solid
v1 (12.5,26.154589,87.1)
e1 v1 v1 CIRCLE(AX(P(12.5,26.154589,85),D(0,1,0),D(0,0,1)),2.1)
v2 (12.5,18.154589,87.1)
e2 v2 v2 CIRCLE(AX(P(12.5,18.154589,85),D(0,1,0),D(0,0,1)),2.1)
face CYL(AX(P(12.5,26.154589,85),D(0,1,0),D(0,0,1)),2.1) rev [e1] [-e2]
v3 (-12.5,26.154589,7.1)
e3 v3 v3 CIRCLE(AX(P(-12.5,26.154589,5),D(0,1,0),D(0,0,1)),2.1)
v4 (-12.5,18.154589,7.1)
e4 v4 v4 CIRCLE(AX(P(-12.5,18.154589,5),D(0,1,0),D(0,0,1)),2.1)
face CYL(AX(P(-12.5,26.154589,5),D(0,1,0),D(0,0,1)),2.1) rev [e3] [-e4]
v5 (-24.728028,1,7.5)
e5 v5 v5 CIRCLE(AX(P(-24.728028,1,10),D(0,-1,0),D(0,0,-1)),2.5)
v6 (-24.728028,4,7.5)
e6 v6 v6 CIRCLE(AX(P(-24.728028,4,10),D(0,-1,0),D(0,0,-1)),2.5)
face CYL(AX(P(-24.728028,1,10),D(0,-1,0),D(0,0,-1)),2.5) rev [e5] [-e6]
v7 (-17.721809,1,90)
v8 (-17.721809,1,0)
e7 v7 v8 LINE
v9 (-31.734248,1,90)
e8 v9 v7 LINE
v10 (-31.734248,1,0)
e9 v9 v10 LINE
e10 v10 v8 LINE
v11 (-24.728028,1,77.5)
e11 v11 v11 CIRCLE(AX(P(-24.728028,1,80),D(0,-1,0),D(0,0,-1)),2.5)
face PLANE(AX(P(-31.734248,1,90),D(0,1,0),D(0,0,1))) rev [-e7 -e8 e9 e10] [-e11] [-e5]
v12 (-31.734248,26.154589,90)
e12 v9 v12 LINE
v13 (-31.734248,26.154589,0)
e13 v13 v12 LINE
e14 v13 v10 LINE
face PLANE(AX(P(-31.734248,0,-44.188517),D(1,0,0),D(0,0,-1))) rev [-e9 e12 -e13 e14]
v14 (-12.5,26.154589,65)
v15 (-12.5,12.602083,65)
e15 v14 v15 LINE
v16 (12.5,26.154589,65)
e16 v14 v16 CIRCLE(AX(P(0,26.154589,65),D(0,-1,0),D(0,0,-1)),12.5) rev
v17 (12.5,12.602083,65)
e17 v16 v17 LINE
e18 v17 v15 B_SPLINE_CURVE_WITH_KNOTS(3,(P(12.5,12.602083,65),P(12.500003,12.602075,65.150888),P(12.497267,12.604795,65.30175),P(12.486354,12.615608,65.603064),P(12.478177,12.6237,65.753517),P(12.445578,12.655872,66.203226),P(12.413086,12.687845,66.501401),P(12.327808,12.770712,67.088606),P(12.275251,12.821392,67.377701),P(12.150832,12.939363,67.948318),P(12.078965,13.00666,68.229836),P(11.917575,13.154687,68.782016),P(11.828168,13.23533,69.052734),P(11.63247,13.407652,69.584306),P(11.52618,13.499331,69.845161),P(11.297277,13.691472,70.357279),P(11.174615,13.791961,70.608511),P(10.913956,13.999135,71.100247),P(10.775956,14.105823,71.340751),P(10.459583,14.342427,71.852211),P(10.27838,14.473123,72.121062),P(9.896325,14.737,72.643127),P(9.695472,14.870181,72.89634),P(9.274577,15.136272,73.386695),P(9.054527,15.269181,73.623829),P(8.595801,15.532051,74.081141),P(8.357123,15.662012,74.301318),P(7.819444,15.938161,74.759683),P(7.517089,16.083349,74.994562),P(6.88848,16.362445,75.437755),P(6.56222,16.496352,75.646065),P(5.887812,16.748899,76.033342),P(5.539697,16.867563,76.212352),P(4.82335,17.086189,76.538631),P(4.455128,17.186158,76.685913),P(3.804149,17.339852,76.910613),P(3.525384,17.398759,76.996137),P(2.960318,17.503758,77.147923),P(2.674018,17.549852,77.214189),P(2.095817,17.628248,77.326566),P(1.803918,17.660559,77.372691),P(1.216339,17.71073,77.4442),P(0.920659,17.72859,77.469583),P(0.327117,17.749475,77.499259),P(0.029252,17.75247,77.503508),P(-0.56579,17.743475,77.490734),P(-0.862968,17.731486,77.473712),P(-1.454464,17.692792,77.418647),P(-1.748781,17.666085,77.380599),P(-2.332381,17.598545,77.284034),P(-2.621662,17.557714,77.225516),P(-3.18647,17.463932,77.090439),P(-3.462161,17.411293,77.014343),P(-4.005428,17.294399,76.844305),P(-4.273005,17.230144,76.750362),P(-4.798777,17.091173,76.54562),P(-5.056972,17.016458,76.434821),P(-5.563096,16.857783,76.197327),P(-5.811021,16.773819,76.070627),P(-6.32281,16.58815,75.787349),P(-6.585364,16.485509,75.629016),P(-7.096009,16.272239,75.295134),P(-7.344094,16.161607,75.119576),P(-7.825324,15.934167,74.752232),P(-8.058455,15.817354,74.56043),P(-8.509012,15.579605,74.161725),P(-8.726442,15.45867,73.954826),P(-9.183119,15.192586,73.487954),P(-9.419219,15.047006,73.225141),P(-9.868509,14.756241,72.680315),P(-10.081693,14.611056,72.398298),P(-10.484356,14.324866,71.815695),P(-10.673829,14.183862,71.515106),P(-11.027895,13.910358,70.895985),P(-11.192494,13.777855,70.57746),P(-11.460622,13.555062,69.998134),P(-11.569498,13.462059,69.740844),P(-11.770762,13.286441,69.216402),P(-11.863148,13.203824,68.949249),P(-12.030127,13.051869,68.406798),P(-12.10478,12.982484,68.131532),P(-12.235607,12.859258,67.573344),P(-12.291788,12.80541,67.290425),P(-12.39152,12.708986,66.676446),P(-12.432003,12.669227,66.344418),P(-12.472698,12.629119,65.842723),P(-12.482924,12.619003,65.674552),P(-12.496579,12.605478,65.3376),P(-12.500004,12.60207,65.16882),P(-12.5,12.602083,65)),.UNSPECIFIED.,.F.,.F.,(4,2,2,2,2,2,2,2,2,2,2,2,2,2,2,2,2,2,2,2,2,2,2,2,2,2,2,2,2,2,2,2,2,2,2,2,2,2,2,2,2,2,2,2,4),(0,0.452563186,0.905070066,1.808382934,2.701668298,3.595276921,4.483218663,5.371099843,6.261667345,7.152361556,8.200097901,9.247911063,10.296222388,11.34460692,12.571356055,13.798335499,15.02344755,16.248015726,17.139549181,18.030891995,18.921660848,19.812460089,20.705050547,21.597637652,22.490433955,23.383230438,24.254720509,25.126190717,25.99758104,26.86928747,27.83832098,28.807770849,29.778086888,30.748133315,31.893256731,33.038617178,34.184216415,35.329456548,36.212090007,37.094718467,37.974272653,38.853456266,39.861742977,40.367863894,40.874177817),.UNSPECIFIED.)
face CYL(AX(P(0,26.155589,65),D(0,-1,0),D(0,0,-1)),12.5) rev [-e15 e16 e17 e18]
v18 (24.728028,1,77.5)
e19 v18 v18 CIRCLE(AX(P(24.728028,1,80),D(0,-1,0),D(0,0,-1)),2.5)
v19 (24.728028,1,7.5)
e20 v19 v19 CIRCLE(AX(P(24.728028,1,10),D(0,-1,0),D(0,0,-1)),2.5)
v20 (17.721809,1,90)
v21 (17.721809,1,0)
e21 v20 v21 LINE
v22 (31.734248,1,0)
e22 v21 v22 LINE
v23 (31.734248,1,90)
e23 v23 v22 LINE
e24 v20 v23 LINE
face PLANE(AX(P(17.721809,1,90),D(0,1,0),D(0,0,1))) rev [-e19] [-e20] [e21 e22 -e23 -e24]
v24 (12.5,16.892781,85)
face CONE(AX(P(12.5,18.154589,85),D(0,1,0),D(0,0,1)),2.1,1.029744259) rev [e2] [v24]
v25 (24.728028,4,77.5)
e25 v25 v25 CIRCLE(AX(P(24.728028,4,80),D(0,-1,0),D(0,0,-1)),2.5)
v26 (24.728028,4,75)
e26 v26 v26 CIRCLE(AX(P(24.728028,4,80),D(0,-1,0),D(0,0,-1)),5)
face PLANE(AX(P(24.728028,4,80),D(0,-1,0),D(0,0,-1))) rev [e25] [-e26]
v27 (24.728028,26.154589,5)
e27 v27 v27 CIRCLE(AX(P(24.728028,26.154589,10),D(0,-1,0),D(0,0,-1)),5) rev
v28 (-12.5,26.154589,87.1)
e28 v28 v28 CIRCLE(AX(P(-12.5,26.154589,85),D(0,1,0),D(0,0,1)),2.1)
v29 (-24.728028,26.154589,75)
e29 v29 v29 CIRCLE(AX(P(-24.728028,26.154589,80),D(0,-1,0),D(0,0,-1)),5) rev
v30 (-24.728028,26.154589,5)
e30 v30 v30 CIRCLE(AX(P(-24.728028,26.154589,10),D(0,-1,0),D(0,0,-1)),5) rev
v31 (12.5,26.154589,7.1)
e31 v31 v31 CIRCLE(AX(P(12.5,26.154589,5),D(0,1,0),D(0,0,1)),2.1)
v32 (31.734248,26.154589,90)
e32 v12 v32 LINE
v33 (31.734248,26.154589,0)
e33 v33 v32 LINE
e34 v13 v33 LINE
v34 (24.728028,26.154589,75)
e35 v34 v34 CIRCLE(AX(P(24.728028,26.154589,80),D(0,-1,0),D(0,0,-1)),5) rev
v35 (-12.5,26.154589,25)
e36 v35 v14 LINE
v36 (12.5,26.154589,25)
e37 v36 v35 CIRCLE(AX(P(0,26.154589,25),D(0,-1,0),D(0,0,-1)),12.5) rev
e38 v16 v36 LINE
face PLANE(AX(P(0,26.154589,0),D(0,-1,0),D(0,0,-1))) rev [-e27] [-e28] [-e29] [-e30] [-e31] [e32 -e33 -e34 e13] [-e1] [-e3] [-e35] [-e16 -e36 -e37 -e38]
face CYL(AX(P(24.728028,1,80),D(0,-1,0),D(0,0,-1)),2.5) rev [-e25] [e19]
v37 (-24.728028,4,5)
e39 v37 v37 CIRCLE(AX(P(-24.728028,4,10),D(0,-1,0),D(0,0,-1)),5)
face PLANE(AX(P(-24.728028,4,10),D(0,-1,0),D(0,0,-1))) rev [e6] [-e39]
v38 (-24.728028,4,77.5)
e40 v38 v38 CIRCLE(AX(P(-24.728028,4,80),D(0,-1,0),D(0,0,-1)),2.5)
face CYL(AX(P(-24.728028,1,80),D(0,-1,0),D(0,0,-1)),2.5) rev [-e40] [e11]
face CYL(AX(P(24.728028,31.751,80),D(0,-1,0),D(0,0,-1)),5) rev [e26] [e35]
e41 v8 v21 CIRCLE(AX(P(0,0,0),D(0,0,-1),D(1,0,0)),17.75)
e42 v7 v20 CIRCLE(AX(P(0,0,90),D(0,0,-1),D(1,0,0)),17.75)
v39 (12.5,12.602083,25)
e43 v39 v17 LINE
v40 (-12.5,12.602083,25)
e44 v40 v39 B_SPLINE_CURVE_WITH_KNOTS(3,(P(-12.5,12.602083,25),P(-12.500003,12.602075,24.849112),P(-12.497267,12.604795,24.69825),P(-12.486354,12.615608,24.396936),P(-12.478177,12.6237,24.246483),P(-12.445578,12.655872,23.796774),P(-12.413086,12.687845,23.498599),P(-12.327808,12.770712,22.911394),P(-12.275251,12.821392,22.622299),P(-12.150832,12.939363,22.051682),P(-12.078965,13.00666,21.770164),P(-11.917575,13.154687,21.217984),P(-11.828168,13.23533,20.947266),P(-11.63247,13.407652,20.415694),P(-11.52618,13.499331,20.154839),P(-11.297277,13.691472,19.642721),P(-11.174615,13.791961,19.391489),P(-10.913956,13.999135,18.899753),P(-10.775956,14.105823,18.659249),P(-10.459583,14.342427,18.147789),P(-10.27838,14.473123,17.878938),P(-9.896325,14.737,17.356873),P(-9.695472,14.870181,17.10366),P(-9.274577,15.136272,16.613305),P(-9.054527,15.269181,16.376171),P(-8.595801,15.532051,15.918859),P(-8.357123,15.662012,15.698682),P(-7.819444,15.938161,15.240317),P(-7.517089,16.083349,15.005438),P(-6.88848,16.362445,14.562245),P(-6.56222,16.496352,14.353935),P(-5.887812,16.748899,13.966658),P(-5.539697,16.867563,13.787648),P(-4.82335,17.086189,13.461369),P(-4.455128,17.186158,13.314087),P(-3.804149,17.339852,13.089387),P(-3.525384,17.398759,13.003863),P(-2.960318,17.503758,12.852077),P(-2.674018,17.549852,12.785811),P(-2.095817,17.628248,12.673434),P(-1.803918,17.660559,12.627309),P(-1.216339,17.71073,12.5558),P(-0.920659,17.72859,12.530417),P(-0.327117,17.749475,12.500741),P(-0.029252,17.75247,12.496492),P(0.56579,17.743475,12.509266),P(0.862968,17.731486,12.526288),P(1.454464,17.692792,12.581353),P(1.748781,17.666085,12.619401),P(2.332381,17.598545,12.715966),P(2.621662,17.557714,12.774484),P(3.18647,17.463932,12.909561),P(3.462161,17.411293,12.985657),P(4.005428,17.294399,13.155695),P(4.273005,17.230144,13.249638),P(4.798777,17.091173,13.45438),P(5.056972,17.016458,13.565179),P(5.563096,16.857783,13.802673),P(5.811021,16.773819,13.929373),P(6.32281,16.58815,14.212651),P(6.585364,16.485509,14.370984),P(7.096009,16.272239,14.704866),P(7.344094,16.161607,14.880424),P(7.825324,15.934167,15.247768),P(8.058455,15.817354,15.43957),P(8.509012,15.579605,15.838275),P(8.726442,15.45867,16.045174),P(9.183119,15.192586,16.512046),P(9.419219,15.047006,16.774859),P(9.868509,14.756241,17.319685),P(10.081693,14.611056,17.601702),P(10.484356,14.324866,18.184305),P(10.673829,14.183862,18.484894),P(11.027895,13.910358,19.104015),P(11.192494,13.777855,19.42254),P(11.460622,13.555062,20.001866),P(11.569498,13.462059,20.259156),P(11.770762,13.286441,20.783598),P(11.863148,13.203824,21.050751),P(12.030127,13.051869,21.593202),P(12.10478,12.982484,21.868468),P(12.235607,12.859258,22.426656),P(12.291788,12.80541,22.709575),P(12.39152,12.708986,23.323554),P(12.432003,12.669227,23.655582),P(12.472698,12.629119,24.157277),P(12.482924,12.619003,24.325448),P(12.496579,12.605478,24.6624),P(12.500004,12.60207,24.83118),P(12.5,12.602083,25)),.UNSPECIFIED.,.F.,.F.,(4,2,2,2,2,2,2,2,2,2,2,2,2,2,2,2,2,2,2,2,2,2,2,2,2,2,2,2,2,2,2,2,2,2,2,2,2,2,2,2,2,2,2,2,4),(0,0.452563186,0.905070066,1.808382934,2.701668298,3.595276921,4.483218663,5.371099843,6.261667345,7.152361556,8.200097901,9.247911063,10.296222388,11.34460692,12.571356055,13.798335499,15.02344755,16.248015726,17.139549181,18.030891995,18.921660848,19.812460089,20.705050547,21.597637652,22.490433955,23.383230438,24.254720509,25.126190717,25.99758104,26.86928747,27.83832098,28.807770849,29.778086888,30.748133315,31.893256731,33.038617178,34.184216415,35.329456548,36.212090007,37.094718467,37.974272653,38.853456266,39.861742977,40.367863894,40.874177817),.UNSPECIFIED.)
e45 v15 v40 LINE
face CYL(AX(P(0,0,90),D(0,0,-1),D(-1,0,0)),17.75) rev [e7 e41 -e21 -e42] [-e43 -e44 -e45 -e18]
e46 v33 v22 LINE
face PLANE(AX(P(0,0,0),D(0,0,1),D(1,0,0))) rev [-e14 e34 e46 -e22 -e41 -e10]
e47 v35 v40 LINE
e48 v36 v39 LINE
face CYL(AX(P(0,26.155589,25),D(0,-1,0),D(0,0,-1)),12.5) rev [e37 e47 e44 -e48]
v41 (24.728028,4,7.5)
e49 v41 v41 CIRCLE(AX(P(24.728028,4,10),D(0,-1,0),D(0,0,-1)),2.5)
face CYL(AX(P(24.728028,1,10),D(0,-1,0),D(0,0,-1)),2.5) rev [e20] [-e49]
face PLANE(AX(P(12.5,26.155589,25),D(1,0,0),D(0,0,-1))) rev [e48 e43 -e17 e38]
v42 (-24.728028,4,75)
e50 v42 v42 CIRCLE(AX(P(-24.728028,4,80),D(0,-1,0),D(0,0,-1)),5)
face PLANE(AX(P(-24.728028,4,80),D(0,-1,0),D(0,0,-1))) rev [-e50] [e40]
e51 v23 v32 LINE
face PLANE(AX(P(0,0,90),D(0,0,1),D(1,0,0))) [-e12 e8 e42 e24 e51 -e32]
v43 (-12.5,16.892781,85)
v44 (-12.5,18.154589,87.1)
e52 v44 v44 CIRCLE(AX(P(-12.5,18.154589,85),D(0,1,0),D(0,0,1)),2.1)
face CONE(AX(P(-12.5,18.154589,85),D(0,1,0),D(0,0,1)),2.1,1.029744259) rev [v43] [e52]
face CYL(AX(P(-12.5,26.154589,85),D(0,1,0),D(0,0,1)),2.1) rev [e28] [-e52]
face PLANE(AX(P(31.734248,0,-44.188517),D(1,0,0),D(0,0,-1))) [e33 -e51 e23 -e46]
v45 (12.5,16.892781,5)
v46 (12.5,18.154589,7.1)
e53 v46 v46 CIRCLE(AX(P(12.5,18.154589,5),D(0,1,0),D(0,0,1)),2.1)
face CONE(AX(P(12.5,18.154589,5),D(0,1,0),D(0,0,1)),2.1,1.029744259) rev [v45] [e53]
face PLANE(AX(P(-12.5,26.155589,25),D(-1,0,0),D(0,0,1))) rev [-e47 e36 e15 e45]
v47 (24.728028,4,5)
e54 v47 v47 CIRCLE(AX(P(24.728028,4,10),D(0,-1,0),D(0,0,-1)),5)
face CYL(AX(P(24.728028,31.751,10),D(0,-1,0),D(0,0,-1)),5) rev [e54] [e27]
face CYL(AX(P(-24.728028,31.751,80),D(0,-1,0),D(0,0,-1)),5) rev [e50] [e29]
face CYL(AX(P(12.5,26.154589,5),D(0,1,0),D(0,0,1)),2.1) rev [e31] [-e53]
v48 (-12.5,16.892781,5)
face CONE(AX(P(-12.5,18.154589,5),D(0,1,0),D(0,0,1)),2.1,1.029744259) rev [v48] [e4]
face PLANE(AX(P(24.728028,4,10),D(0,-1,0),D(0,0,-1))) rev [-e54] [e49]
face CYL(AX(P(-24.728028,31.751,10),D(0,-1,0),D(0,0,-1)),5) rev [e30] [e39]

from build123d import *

# Parameters (mm, degrees)
BOSS_EXTRUDE1_DEPTH             = 90
BOSS_EXTRUDE2_START             = -90
BOSS_EXTRUDE2_DEPTH             = 90
F_5_0MM_CLEARANCE_DOWEL_HOLE1_D = 5
CUT_EXTRUDE1_REACH              = 101.384
SKETCH4_R                       = 5
CUT_EXTRUDE3_DEPTH              = 101.573977748
CUT_EXTRUDE4_REACH              = 100.691
TAP_DRILL_FOR_M5X0_8_TAP1_D     = 4.2
TAP_DRILL_FOR_M5X0_8_TAP1_DEPTH = 8
TAP_DRILL_FOR_M5X0_8_TAP1_TIP   = 1.2618073


with BuildPart() as part:
    # Sketch1 → Boss-Extrude1 (new body)
    with BuildSketch(Plane.XY):
        with BuildLine():
            Line((-31.734248061, 1), (-17.721808598, 1))
            ThreePointArc((-17.721808598, 1), (0, 17.75), (17.721808598, 1))
            Line((17.721808598, 1), (31.734248061, 1))
            ThreePointArc((31.734248061, 1), (0, 31.75), (-31.734248061, 1))
        make_face()
    extrude(amount=BOSS_EXTRUDE1_DEPTH)

    # Sketch12 → Boss-Extrude2 (add)
    with BuildSketch(Plane.XY.offset(90).offset(BOSS_EXTRUDE2_START)):
        with BuildLine():
            Line((31.734248061, 31.75), (0, 31.75))
            ThreePointArc((0, 31.75), (22.094258304, 22.801452805), (31.734248061, 1))
            Line((31.734248061, 1), (31.734248061, 31.75))
        make_face()
        with BuildLine():
            Line((-31.734248061, 31.75), (-31.734248061, 1))
            ThreePointArc((-31.734248061, 1), (-22.094258304, 22.801452805), (0, 31.75))
            Line((0, 31.75), (-31.734248061, 31.75))
        make_face()
    extrude(amount=BOSS_EXTRUDE2_DEPTH)

    # Ø5.0mm Clearance Dowel Hole1 (through all)
    with Locations(Plane(origin=(-24.72802833, 1, 80), x_dir=(0, 0, -1), z_dir=(0, -1, 0))):
        with Locations((0, 0), (70, 0), (0, 49.45605666), (70, 49.45605666)):
            Hole(F_5_0MM_CLEARANCE_DOWEL_HOLE1_D / 2)

    # Sketch4 → Cut-Extrude1 (cut, up to next)
    with BuildSketch(Plane(origin=(0, 4, 0), x_dir=(-1, 0, 0), z_dir=(0, -1, 0)), mode=Mode.PRIVATE) as cut_extrude1_sk1:
        with Locations(Location((24.72802833, -80, 0), (0, 0, 90))):
            Circle(SKETCH4_R)
    cut_extrude1_tool1 = extrude(cut_extrude1_sk1.sketch, amount=-CUT_EXTRUDE1_REACH, mode=Mode.PRIVATE) & part.part
    # Sketch4 → Cut-Extrude1 (cut, up to next)
    with BuildSketch(Plane(origin=(0, 4, 0), x_dir=(-1, 0, 0), z_dir=(0, -1, 0)), mode=Mode.PRIVATE) as cut_extrude1_sk2:
        with Locations(Location((24.72802833, -10, 0), (0, 0, 90))):
            Circle(SKETCH4_R)
    cut_extrude1_tool2 = extrude(cut_extrude1_sk2.sketch, amount=-CUT_EXTRUDE1_REACH, mode=Mode.PRIVATE) & part.part
    # Sketch4 → Cut-Extrude1 (cut, up to next)
    with BuildSketch(Plane(origin=(0, 4, 0), x_dir=(-1, 0, 0), z_dir=(0, -1, 0)), mode=Mode.PRIVATE) as cut_extrude1_sk3:
        with Locations(Location((-24.72802833, -10, 0), (0, 0, 90))):
            Circle(SKETCH4_R)
    cut_extrude1_tool3 = extrude(cut_extrude1_sk3.sketch, amount=-CUT_EXTRUDE1_REACH, mode=Mode.PRIVATE) & part.part
    # Sketch4 → Cut-Extrude1 (cut, up to next)
    with BuildSketch(Plane(origin=(0, 4, 0), x_dir=(-1, 0, 0), z_dir=(0, -1, 0)), mode=Mode.PRIVATE) as cut_extrude1_sk4:
        with Locations(Location((-24.72802833, -80, 0), (0, 0, 90))):
            Circle(SKETCH4_R)
    cut_extrude1_tool4 = extrude(cut_extrude1_sk4.sketch, amount=-CUT_EXTRUDE1_REACH, mode=Mode.PRIVATE) & part.part
    add(cut_extrude1_tool1.solids().sort_by_distance((-24.728028, 4, 80))[0], mode=Mode.SUBTRACT)
    add(cut_extrude1_tool2.solids().sort_by_distance((-24.728028, 4, 10))[0], mode=Mode.SUBTRACT)
    add(cut_extrude1_tool3.solids().sort_by_distance((24.728028, 4, 10))[0], mode=Mode.SUBTRACT)
    add(cut_extrude1_tool4.solids().sort_by_distance((24.728028, 4, 80))[0], mode=Mode.SUBTRACT)

    # Sketch8 → Cut-Extrude3 (cut, through all)
    with BuildSketch(Plane.XY.offset(90)):
        with BuildLine():
            Line((-31.734248061, 26.154588508), (-18, 26.154588508))
            ThreePointArc((-18, 26.154588508), (-9.424816043, 30.318894151), (0, 31.75))
            Line((0, 31.75), (-31.734248061, 31.75))
            Line((-31.734248061, 31.75), (-31.734248061, 26.154588508))
        make_face()
        with BuildLine():
            Line((18, 26.154588508), (-18, 26.154588508))
            ThreePointArc((-18, 26.154588508), (0, 31.75), (18, 26.154588508))
        make_face()
        with BuildLine():
            ThreePointArc((0, 31.75), (9.424816043, 30.318894151), (18, 26.154588508))
            Line((18, 26.154588508), (31.734248061, 26.154588508))
            Line((31.734248061, 26.154588508), (31.734248061, 31.75))
            Line((31.734248061, 31.75), (0, 31.75))
        make_face()
    extrude(amount=-CUT_EXTRUDE3_DEPTH, mode=Mode.SUBTRACT)

    # Sketch9 → Cut-Extrude4 (cut, up to next)
    with BuildSketch(Plane.XZ.offset(-1), mode=Mode.PRIVATE) as cut_extrude4_sk1:
        with BuildLine():
            Line((-12.5, 25), (-12.5, 65))
            ThreePointArc((-12.5, 65), (0, 77.5), (12.5, 65))
            Line((12.5, 65), (12.5, 25))
            ThreePointArc((12.5, 25), (0, 12.5), (-12.5, 25))
        make_face()
    cut_extrude4_tool1 = extrude(cut_extrude4_sk1.sketch, amount=-CUT_EXTRUDE4_REACH, mode=Mode.PRIVATE) & part.part
    add(cut_extrude4_tool1.solids().sort_by_distance((0, 1, 45))[0], mode=Mode.SUBTRACT)

    # Tap Drill for M5x0.8 Tap1
    with Locations(Plane(origin=(-12.5, 26.154588508, 5), x_dir=(0, 0, 1), z_dir=(0, 1, 0))):
        with Locations((0, 0), (0, 25), (80, 25), (80, 0)):
            Hole(TAP_DRILL_FOR_M5X0_8_TAP1_D / 2, depth=TAP_DRILL_FOR_M5X0_8_TAP1_DEPTH)
            with Locations((0, 0, -(TAP_DRILL_FOR_M5X0_8_TAP1_DEPTH + TAP_DRILL_FOR_M5X0_8_TAP1_TIP / 2))):  # 118° drill point
                Cone(0, TAP_DRILL_FOR_M5X0_8_TAP1_D / 2, TAP_DRILL_FOR_M5X0_8_TAP1_TIP, mode=Mode.SUBTRACT)


solid = part.part
